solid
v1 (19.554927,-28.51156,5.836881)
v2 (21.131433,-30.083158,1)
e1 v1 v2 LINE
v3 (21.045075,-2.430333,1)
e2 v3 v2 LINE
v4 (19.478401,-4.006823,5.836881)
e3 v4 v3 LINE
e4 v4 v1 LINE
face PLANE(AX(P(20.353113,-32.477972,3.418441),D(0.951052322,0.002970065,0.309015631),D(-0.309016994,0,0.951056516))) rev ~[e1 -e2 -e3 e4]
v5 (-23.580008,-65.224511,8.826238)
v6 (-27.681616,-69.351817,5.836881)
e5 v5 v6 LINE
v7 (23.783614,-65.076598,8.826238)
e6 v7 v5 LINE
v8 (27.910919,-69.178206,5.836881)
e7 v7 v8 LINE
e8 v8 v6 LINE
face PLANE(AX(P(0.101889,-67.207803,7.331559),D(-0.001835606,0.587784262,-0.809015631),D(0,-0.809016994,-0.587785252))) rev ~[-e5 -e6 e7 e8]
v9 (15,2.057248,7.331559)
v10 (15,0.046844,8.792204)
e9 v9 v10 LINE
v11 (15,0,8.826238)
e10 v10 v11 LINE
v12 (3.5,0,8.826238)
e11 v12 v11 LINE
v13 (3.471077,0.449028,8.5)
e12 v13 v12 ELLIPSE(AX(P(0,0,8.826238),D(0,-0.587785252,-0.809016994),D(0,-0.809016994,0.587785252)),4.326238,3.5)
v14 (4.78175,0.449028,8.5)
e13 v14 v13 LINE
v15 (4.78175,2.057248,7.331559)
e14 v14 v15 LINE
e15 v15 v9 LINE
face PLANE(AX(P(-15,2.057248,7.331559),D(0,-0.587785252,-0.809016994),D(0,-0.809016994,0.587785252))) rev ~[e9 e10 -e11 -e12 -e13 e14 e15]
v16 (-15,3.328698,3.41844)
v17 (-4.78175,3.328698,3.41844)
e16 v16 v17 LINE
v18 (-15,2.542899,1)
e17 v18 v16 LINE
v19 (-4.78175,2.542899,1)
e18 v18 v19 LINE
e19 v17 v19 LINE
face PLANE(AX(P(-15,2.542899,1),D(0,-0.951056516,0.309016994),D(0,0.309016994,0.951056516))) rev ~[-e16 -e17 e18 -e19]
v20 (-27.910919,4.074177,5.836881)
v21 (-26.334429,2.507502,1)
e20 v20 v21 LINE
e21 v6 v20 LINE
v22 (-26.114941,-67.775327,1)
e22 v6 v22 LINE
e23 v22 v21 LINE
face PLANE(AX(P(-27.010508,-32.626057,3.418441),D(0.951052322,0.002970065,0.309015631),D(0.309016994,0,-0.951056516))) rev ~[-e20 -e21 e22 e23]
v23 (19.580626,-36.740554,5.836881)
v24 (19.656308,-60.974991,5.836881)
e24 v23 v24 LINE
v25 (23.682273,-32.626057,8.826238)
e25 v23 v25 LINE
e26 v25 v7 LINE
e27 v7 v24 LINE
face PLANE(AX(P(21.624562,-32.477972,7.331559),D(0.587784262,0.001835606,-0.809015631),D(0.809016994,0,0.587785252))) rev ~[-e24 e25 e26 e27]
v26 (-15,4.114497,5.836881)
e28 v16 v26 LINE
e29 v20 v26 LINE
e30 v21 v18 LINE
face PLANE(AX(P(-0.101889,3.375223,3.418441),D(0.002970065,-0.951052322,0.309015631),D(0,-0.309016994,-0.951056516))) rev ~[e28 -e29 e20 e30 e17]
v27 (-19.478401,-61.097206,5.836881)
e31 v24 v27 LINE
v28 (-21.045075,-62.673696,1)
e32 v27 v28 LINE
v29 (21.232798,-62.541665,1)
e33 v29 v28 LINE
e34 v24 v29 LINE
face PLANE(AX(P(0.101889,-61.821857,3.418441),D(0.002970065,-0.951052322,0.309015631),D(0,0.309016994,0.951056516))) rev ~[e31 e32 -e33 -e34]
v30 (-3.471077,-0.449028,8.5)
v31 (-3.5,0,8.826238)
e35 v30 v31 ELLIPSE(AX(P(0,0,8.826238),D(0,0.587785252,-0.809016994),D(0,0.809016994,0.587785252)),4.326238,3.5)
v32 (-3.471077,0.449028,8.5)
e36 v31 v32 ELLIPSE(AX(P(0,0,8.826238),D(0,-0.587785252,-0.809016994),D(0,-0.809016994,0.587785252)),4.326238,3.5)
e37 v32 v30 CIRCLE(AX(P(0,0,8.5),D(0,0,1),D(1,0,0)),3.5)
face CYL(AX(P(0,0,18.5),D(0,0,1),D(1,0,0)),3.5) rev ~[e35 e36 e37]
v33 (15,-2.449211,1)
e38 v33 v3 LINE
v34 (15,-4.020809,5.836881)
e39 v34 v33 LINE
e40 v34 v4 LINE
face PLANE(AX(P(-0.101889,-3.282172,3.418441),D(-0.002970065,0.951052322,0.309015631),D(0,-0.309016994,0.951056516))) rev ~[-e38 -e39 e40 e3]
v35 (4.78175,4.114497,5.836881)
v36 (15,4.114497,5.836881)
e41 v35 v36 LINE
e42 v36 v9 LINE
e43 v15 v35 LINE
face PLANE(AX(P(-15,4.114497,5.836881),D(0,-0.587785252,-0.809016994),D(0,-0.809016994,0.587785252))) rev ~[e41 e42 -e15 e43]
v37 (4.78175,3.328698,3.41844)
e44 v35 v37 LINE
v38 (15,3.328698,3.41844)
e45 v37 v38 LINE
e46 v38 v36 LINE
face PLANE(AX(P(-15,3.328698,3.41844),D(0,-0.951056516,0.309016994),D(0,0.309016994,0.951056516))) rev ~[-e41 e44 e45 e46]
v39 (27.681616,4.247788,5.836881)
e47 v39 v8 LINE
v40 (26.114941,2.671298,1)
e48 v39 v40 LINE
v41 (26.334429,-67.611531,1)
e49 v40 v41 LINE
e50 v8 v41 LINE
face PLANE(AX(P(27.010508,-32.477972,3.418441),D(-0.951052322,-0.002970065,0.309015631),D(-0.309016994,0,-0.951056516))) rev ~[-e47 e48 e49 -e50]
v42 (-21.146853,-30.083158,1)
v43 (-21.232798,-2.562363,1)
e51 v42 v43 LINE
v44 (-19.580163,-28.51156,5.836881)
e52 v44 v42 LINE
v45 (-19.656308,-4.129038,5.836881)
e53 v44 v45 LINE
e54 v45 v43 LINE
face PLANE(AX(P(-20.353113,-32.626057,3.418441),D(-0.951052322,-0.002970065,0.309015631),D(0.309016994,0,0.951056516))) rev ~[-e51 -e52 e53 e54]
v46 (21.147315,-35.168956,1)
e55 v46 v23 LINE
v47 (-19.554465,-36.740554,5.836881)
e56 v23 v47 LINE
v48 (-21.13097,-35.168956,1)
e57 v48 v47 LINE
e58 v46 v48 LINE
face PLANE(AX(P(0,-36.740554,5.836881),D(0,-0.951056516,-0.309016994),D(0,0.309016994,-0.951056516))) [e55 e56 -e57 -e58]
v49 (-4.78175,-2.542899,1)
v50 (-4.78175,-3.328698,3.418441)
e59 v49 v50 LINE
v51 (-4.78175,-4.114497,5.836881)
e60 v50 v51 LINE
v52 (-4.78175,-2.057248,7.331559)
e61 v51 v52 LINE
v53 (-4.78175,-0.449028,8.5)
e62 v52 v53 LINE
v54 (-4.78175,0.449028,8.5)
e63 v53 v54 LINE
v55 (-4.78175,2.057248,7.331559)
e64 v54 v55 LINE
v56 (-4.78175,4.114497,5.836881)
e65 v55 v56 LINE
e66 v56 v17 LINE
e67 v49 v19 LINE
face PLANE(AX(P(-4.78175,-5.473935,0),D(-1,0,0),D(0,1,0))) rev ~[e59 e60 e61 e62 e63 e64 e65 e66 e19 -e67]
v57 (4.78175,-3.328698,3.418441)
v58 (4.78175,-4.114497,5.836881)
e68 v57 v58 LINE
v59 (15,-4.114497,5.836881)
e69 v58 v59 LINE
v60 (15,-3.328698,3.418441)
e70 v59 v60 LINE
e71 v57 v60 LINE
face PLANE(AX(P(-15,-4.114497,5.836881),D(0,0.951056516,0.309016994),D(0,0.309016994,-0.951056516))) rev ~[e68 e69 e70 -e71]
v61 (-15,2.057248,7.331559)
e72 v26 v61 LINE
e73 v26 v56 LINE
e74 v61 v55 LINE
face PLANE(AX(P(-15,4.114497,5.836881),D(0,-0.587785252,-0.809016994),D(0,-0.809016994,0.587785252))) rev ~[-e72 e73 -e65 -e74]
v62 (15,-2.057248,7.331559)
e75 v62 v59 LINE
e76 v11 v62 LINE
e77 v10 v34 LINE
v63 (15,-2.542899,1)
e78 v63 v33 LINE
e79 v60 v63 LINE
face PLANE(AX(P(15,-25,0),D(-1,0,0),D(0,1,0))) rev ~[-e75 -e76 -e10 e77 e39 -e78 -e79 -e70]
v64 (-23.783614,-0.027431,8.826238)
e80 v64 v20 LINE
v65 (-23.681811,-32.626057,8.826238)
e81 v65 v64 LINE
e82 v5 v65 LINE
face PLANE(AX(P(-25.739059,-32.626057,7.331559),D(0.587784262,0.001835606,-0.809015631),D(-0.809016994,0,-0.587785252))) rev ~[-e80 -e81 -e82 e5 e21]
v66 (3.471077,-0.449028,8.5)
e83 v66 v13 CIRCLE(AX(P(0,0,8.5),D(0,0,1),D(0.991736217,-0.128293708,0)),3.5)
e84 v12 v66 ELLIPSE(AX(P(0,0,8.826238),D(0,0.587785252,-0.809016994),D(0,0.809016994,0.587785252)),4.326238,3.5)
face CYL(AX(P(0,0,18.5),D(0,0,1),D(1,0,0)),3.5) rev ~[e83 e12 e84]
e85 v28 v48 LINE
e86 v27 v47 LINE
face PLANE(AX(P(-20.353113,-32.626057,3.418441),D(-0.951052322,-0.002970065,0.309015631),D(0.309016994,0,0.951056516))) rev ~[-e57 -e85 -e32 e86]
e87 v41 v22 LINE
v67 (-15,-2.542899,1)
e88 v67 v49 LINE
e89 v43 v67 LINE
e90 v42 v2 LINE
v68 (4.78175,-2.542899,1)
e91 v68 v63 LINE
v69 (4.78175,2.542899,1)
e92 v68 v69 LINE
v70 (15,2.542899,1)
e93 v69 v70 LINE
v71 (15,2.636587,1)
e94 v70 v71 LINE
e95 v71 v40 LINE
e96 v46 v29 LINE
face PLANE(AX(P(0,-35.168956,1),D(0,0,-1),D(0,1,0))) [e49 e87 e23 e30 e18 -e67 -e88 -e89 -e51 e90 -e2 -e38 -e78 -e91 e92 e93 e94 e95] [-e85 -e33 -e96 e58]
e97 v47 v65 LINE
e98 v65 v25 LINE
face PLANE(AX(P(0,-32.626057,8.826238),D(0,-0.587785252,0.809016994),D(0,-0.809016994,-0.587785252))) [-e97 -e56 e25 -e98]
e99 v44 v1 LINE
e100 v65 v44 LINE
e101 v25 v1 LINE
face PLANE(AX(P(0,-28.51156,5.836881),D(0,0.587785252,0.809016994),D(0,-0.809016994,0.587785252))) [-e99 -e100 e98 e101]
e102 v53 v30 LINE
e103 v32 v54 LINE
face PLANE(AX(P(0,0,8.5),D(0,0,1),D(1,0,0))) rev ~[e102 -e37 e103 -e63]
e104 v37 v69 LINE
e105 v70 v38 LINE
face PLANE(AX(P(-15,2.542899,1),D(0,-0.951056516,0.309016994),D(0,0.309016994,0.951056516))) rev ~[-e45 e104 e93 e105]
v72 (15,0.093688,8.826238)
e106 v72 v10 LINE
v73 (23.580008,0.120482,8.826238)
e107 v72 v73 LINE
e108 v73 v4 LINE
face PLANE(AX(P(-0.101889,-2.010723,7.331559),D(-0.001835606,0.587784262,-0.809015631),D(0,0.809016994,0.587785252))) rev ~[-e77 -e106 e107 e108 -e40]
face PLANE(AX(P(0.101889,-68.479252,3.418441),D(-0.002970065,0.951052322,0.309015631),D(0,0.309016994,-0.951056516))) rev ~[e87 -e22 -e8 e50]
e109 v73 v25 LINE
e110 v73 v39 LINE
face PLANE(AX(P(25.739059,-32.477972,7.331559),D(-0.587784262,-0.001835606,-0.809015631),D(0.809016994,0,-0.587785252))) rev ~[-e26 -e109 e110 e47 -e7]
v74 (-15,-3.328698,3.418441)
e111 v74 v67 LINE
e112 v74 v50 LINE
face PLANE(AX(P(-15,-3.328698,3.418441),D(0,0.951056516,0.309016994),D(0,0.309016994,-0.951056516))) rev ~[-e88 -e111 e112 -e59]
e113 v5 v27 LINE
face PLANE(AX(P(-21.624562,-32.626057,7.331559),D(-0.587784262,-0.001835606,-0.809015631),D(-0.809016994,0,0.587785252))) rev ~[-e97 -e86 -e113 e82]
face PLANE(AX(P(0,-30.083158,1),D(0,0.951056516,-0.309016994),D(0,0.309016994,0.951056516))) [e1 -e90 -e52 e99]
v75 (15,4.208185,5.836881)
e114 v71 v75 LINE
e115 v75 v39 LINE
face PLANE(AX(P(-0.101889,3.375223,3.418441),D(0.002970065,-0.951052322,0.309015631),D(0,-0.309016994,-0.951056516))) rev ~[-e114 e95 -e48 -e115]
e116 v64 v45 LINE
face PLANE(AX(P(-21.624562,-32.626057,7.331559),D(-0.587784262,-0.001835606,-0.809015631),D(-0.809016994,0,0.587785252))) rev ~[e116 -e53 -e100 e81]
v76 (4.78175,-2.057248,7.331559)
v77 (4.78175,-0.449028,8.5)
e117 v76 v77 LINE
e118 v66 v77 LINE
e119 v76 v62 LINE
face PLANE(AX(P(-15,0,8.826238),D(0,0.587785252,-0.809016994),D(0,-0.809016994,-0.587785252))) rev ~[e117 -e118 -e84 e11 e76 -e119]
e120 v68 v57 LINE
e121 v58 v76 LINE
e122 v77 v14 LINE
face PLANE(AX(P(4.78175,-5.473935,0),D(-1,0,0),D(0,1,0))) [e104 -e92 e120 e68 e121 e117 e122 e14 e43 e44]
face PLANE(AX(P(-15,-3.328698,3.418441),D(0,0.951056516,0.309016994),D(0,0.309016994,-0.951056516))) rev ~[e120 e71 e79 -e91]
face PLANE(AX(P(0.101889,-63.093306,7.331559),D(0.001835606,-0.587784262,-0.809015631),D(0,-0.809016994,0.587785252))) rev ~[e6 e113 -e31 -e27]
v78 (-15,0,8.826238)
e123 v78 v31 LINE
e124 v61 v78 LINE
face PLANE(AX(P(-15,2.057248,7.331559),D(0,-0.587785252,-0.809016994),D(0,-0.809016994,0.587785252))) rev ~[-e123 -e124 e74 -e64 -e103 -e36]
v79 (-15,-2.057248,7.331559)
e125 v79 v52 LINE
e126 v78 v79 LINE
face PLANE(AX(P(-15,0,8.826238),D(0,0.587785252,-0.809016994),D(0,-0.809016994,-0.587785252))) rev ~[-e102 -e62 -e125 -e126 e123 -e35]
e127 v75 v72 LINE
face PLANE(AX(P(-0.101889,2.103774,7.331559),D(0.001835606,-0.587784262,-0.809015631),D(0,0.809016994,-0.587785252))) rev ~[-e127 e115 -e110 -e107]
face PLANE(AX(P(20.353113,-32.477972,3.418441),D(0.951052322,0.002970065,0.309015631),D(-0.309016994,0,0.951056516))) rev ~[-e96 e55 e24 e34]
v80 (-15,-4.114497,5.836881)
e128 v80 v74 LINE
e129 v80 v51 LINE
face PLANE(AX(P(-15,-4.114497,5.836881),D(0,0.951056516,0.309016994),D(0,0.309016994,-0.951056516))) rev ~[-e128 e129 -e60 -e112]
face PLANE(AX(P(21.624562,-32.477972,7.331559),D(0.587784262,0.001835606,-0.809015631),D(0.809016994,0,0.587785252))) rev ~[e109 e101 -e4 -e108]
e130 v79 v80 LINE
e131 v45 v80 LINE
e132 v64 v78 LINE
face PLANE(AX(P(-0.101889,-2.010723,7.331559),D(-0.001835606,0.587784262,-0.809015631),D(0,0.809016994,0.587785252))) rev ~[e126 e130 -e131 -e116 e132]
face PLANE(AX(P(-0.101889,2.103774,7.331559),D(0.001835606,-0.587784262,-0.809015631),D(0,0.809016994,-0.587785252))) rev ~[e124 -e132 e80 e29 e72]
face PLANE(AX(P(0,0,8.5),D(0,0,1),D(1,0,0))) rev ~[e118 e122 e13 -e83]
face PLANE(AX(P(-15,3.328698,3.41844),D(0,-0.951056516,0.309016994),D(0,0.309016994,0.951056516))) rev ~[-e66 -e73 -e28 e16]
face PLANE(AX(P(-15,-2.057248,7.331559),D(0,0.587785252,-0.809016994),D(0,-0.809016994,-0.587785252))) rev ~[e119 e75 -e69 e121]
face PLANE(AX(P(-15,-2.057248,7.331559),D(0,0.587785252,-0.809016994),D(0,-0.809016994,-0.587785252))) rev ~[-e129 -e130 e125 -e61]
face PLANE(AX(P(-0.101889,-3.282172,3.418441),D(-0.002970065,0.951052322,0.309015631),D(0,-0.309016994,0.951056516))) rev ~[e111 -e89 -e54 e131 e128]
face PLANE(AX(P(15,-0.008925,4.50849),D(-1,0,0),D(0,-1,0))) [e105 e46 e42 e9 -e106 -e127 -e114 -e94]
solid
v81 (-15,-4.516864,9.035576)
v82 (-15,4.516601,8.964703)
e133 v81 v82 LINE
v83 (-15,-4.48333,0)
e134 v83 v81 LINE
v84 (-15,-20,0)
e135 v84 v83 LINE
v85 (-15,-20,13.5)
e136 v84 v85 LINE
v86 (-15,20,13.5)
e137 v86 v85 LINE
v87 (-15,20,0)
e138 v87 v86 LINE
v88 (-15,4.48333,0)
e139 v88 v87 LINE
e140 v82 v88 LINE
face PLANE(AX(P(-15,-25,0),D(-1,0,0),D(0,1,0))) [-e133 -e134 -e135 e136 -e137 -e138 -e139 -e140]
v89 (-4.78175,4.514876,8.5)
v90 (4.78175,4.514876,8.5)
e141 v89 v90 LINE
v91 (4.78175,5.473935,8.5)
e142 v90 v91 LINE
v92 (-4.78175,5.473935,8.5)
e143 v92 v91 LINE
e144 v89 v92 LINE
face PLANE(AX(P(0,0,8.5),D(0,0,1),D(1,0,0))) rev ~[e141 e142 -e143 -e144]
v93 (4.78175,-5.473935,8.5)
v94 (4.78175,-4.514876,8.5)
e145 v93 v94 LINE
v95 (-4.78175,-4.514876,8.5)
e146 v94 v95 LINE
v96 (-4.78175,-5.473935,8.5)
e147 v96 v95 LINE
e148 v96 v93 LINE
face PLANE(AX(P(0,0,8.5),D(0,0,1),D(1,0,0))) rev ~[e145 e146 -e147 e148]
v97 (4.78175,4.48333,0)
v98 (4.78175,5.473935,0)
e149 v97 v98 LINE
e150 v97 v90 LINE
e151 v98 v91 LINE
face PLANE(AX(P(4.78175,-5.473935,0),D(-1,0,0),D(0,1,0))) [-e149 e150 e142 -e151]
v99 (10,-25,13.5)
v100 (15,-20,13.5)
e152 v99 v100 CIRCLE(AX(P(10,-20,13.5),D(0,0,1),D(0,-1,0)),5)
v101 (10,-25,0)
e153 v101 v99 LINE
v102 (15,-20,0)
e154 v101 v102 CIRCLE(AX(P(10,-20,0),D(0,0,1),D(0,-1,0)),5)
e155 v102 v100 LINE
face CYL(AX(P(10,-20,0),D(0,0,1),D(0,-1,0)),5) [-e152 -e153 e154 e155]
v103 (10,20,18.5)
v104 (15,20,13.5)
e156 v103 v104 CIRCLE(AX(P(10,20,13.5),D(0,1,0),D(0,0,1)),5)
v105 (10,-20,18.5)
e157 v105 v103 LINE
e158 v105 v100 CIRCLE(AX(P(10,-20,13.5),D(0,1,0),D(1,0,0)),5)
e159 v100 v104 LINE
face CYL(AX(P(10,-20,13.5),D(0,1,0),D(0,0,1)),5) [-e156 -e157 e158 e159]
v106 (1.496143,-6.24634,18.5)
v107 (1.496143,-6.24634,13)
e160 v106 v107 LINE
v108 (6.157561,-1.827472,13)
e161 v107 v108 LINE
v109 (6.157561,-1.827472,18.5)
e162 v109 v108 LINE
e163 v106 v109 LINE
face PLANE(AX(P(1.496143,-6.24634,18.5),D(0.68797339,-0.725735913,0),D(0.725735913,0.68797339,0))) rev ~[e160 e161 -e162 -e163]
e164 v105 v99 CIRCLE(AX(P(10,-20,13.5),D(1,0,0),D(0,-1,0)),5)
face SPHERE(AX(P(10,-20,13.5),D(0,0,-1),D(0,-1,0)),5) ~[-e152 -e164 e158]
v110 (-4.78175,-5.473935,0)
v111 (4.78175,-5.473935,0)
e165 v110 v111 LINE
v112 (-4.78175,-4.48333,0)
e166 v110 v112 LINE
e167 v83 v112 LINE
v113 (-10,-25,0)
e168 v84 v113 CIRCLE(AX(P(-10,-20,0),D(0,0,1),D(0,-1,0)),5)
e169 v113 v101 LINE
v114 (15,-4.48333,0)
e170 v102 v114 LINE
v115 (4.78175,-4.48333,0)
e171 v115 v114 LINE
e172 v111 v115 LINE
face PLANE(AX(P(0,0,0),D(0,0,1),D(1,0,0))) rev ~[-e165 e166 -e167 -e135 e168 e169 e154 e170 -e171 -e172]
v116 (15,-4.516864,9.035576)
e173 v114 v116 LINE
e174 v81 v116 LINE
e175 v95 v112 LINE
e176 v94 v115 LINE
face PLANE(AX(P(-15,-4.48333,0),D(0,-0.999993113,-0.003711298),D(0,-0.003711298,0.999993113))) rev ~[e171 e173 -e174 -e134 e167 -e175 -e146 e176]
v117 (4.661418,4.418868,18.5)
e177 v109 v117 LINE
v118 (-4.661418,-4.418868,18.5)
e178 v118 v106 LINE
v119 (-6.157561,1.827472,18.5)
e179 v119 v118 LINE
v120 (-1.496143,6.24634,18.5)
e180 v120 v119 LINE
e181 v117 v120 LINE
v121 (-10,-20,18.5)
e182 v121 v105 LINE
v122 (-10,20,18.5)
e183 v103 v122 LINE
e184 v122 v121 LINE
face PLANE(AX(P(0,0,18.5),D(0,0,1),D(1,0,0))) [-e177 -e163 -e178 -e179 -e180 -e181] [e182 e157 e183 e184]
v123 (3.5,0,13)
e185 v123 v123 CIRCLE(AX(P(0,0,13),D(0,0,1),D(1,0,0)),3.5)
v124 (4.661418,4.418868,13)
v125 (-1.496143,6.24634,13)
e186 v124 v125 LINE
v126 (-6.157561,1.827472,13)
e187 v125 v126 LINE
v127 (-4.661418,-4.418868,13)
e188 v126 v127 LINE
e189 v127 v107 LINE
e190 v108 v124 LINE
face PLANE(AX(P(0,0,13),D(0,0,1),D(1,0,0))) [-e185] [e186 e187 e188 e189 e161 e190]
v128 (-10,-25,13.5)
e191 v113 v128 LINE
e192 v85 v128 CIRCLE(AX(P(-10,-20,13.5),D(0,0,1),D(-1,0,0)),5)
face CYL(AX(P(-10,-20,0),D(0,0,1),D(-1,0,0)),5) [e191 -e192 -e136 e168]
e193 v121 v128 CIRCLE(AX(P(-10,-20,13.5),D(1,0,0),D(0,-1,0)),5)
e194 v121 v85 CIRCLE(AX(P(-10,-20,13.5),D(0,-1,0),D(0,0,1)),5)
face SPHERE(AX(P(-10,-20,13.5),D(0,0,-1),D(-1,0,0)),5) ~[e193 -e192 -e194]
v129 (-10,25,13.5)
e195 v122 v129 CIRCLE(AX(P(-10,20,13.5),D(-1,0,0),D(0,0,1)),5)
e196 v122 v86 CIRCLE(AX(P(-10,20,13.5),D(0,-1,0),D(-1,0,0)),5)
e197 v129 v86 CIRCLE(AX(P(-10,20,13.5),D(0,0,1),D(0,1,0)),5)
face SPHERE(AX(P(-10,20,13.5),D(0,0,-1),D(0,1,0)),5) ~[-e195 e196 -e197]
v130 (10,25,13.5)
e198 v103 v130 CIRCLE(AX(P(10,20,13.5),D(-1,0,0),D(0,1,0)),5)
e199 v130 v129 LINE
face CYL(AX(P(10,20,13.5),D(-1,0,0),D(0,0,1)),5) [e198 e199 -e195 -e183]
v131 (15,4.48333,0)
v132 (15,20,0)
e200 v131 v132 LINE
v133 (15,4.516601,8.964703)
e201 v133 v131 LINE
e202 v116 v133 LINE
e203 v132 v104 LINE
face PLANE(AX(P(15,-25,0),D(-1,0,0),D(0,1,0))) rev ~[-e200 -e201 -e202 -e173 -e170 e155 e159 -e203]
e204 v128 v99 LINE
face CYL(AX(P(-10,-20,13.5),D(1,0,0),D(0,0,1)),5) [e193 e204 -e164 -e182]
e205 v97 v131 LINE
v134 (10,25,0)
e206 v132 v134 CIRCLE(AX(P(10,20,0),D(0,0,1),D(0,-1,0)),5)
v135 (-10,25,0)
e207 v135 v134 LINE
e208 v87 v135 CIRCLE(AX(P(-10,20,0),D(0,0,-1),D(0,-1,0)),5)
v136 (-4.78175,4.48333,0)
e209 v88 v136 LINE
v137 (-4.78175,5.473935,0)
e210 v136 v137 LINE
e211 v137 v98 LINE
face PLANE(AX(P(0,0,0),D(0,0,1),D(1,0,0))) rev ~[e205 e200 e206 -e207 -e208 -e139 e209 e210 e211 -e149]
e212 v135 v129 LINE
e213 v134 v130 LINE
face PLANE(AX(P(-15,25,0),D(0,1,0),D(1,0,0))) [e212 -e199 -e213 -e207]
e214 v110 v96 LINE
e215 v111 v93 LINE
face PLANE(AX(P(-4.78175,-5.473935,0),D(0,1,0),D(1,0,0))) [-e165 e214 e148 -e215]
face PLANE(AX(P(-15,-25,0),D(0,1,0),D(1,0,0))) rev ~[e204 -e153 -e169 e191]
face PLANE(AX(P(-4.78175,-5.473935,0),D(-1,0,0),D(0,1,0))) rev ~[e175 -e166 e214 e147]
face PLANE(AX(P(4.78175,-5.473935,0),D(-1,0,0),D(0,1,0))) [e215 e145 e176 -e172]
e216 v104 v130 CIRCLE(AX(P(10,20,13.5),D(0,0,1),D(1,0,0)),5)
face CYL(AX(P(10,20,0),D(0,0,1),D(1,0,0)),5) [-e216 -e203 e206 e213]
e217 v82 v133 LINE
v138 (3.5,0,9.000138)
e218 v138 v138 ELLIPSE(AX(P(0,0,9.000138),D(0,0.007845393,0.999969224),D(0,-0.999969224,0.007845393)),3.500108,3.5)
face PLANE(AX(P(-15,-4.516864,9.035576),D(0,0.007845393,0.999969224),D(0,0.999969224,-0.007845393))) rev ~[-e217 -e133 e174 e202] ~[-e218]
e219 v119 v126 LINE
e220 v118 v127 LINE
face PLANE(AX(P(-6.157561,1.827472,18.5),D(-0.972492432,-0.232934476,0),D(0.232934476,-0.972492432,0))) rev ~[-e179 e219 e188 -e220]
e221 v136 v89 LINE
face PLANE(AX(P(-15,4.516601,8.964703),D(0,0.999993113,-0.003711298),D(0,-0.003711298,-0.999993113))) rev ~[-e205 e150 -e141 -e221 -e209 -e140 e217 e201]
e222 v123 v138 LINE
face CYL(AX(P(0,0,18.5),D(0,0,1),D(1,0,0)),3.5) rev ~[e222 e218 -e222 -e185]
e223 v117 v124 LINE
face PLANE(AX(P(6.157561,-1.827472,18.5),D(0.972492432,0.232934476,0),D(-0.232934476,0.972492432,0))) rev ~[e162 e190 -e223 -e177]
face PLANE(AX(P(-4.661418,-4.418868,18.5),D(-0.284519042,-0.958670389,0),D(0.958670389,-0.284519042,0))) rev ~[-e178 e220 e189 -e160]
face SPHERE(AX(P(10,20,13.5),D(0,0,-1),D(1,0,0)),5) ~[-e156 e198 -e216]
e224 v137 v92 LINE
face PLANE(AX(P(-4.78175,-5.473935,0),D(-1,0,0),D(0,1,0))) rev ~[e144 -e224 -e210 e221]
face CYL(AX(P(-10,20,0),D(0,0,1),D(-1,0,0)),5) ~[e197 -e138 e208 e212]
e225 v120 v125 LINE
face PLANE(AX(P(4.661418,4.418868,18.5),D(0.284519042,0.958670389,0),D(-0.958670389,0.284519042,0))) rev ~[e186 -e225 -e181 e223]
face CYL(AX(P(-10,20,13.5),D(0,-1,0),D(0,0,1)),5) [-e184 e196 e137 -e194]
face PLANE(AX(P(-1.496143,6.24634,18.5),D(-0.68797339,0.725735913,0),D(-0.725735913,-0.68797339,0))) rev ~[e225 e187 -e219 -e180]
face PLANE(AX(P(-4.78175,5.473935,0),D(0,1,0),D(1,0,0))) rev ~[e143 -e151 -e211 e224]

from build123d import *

# Parameters (mm, degrees)
F0_W           = 30
F0_H           = 50
F1_DEPTH       = 18.5
F2_R           = 5
F3_R           = 5
F5_DEPTH       = 5.5
F12_DEPTH      = 23.6822730496
F12_DEPTH_BACK = 23.6818105915
F13_R          = 3.5
F14_DEPTH      = 25
F16_DEPTH      = 30
F17_W          = 9.563500993
F17_H          = 10.9478700906
F18_DEPTH      = 8.5


with BuildPart() as f1:
    # F0 (on Top) → F1 (new body)
    with BuildSketch(Plane.XY):
        Rectangle(F0_W, F0_H)
    extrude(amount=F1_DEPTH)

    # F2
    f2_edges = [f1.edges().sort_by_distance(p)[0] for p in [
        (15, -25, 9.25),
        (-15, -25, 9.25),
        (-15, 25, 9.25),
        (15, 25, 9.25),
    ]]
    fillet(f2_edges, radius=F2_R)

    # F3
    f3_edges = [f1.edges().sort_by_distance(p)[0] for p in [
        (13.535534, -23.535534, 18.5),
    ]]
    fillet(f3_edges, radius=F3_R)

    # F4 (on face) → F5 (cut)
    with BuildSketch(Plane.XY.offset(18.5)):
        Polygon((4.6614175494, 4.418868041), (-1.4961432048, 6.2463400359), (-6.1575607542, 1.8274719949), (-4.6614175494, -4.418868041), (1.4961432048, -6.2463400359), (6.1575607542, -1.8274719949), align=None)
    extrude(amount=-F5_DEPTH, mode=Mode.SUBTRACT)

    # F10: sweep along a path in F8
    with BuildLine(Plane.XY.offset(4.5)) as f10_path:
        Line((-23.8112160869, 0), (23.60743863, 0.1480849019))
        Line((23.60743863, 0.1480849019), (23.8112160869, -65.104028894))
        Line((23.8112160869, -65.104028894), (-23.60743863, -65.2521137959))
        Line((-23.60743863, -65.2521137959), (-23.8112160869, 0))
    # F9 (on face) → F10 (sweep)
    with BuildSketch(Plane(origin=(-15, 0, 0), x_dir=(0, -1, 0), z_dir=(-1, 0, 0))):
        Polygon((-2.542898848, 1), (2.542898848, 1), (4.114496766, 5.8368810394), (0, 8.8262379212), (-4.114496766, 5.8368810394), align=None)
    sweep(path=f10_path.line, transition=Transition.RIGHT)

    # F11 (on Right) → F12 (join, two sides)
    with BuildSketch(Plane.YZ) as f12_sk:
        Polygon((-35.168955746, 1), (-30.0831580499, 1), (-28.5115601319, 5.8368810394), (-32.6260568979, 8.8262379212), (-36.740553664, 5.8368810394), align=None)
    extrude(amount=F12_DEPTH)
    extrude(f12_sk.sketch, amount=-F12_DEPTH_BACK)

    # F13 (on face) → F14 (cut)
    with BuildSketch(Plane.XY.offset(18.5)):
        Circle(F13_R)
    extrude(amount=-F14_DEPTH, mode=Mode.SUBTRACT)

    # F15 (on face) → F16 (cut)
    with BuildSketch(Plane(origin=(-15, 0, 0), x_dir=(0, -1, 0), z_dir=(-1, 0, 0))):
        Polygon((-4.516600949, 8.9647028955), (-4.4833300345, 0), (4.4833300345, 0), (4.5168639826, 9.0355761568), align=None)
        Polygon((0, 8.8262379212), (2.0572484125, 7.3315594589), (4.114496766, 5.8368810394), (3.3286978089, 3.4184405255), (2.542898848, 1), (0, 1), (-2.542898848, 1), (-3.328697754, 3.4184403566), (-4.114496766, 5.8368810394), (-2.0572484027, 7.331559466), align=None, mode=Mode.SUBTRACT)
    extrude(amount=-F16_DEPTH, mode=Mode.SUBTRACT)

    # F17 (on face) → F18 (cut)
    with BuildSketch(Plane.XY):
        Rectangle(F17_W, F17_H)
    extrude(amount=F18_DEPTH, mode=Mode.SUBTRACT)


solid = f1.part
